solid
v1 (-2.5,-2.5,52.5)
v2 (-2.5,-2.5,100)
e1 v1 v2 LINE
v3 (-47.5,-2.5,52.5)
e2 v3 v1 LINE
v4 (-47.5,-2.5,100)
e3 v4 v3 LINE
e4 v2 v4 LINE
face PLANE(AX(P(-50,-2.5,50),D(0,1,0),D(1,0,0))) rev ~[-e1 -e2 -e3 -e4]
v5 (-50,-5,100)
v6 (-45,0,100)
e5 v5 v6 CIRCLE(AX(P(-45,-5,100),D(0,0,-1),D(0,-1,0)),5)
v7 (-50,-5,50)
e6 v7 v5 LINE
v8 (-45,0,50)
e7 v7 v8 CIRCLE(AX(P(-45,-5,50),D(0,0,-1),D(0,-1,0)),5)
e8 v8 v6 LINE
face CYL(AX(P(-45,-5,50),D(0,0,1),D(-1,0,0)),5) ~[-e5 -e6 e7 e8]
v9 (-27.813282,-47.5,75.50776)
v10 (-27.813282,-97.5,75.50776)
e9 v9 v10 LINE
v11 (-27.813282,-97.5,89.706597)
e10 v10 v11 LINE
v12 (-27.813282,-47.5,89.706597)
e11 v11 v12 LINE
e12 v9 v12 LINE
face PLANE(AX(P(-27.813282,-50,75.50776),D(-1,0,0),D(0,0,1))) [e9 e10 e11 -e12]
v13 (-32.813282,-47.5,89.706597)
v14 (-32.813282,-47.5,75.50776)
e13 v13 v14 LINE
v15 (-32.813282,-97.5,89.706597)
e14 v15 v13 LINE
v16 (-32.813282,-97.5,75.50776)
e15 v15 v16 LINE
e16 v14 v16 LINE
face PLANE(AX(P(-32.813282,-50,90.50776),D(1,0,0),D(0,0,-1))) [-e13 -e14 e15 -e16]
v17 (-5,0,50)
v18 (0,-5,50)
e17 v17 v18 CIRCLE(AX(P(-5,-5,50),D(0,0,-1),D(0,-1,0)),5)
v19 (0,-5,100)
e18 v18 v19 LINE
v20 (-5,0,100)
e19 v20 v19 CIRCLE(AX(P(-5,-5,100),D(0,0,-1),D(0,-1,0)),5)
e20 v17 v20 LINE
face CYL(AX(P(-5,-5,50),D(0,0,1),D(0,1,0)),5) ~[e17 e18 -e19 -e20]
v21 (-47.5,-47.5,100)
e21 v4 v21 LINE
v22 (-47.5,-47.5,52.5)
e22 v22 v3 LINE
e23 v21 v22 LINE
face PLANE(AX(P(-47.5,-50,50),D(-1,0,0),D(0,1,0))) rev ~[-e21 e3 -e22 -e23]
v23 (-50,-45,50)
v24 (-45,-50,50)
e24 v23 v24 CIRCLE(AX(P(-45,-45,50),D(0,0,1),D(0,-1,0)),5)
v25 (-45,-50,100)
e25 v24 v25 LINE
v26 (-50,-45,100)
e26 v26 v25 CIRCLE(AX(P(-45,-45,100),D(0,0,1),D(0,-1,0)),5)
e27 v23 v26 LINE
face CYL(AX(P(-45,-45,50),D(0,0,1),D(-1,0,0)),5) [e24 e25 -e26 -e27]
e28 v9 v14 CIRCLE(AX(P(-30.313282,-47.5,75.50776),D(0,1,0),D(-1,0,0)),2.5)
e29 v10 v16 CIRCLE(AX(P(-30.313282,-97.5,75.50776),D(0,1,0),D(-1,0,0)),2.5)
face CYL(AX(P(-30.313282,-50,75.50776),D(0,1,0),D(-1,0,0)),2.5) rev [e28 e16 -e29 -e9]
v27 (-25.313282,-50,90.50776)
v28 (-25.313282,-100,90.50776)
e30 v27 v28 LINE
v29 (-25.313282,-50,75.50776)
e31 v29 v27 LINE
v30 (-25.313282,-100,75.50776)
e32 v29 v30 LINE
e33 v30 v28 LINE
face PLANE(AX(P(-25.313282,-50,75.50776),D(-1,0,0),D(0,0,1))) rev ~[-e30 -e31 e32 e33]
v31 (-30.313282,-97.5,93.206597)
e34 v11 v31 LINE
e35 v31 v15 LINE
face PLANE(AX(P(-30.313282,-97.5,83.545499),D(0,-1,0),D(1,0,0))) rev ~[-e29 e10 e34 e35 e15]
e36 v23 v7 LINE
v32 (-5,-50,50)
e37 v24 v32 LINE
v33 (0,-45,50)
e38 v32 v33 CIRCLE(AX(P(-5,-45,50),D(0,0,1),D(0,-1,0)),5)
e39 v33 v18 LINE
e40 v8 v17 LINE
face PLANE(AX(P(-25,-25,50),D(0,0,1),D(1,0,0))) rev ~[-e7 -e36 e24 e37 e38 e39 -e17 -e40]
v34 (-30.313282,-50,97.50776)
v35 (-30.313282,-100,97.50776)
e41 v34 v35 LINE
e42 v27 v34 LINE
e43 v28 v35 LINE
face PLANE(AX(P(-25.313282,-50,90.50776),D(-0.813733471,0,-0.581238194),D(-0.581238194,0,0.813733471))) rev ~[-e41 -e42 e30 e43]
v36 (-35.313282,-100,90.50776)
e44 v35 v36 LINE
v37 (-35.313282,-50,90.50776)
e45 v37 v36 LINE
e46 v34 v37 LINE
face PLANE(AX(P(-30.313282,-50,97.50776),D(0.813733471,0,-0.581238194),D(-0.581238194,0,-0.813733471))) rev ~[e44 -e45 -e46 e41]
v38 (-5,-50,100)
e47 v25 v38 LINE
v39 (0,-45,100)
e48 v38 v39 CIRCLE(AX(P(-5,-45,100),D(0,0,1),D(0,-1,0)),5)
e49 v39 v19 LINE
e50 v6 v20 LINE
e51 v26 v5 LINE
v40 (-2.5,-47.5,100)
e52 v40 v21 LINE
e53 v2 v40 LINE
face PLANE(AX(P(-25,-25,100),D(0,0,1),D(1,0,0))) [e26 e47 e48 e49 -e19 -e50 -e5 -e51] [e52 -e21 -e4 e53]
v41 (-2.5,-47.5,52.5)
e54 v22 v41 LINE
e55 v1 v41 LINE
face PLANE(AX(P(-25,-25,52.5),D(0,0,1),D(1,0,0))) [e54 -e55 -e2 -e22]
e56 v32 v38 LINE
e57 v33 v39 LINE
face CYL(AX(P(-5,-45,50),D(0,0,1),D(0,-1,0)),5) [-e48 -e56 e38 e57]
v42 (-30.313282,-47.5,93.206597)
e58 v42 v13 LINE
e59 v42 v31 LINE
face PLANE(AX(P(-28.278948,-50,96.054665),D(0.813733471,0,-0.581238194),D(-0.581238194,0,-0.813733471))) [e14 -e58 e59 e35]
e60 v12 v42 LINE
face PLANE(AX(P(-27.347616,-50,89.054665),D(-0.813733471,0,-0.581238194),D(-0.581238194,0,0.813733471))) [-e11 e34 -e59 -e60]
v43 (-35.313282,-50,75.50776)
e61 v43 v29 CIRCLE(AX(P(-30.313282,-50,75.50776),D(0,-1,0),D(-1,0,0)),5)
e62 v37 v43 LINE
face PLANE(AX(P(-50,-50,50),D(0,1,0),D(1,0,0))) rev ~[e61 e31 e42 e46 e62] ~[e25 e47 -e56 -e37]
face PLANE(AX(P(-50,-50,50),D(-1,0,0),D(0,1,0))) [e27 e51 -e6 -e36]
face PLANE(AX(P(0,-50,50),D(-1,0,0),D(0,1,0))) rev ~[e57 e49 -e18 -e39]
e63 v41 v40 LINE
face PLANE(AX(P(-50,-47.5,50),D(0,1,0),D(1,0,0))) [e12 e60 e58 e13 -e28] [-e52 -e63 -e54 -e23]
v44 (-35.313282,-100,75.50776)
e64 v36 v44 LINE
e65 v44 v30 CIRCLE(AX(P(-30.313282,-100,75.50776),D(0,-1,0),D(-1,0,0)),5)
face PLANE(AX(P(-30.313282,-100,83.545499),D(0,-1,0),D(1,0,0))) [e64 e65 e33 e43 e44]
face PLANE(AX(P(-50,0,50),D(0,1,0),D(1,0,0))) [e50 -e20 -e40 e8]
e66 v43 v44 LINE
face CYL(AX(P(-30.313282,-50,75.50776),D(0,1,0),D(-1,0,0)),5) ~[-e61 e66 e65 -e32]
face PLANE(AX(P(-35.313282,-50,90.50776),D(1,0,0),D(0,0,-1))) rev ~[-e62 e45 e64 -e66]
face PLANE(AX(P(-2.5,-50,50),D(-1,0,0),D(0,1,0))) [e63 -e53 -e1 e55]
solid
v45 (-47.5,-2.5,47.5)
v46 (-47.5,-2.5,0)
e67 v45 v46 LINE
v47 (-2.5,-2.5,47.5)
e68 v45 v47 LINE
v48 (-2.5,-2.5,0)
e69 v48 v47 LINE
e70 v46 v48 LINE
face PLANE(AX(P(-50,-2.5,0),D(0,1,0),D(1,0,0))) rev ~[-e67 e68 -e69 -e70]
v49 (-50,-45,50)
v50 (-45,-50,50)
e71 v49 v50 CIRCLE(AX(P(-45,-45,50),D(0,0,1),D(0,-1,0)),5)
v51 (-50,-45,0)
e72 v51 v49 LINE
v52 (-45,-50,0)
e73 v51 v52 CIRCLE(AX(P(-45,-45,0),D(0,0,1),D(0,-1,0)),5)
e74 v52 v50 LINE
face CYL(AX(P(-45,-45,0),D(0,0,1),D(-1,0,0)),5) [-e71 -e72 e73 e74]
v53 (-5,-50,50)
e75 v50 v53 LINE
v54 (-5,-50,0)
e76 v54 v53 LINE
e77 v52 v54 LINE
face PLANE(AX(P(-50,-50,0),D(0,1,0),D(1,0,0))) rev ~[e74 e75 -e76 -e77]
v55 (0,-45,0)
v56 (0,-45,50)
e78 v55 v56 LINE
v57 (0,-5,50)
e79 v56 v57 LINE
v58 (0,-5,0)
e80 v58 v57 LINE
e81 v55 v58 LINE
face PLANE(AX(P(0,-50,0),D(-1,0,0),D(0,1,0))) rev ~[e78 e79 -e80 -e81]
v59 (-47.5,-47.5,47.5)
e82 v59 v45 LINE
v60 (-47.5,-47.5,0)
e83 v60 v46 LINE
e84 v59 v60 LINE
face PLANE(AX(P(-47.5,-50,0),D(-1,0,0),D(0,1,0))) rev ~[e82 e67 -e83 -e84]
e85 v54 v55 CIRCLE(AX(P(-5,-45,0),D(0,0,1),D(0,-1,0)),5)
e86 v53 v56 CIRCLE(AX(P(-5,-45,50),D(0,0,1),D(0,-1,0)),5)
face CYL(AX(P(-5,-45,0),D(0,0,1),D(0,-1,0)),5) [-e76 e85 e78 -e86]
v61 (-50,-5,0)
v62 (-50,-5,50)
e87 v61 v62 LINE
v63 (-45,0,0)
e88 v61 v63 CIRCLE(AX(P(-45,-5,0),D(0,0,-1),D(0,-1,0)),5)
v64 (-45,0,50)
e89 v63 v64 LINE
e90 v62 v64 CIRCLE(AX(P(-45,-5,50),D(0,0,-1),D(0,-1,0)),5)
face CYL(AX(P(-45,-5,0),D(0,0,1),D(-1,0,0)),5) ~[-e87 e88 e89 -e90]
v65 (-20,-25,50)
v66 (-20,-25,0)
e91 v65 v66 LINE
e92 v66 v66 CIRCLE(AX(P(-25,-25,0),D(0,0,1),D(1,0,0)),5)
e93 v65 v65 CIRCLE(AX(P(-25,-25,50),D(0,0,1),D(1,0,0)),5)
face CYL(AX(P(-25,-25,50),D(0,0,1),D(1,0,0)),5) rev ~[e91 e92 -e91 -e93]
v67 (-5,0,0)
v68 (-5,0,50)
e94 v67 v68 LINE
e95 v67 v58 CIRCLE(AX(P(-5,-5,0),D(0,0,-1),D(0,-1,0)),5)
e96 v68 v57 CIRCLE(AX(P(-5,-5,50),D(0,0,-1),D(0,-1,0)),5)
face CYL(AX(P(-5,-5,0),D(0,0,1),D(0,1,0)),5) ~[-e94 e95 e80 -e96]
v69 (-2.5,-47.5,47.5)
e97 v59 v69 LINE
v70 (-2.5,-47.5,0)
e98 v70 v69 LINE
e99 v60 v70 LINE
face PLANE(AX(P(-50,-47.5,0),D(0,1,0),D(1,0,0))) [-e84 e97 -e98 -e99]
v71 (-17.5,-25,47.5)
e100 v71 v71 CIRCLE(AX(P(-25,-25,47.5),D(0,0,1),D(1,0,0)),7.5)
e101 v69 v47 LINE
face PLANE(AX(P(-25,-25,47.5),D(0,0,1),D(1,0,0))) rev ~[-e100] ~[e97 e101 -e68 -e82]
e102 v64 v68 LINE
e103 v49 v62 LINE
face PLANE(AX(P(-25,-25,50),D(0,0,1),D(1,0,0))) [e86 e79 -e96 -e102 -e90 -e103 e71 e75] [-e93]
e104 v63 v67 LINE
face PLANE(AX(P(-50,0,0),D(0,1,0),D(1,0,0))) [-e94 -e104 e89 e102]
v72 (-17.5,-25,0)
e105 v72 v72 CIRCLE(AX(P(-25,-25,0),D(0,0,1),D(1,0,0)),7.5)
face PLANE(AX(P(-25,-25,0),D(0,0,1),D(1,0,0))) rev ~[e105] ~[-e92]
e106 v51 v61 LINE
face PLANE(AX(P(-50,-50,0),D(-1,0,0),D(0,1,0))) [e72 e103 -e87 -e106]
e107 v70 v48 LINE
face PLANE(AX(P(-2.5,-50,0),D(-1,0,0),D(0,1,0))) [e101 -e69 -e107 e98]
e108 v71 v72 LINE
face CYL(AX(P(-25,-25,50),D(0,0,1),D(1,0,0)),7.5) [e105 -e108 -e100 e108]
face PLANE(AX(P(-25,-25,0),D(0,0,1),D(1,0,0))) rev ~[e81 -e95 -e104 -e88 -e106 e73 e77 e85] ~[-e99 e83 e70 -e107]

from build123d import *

# Parameters (mm, degrees)
F0_W     = 50
F0_H     = 50
F1_DEPTH = 50
F2_R     = 5
F3_DEPTH = 50
F4_W     = 50
F4_H     = 50
F5_DEPTH = 50
F7_DEPTH = 50
F8_T     = -2.5
F9_R     = 5
F10_T    = -2.5
F11_R    = 5


with BuildPart() as f1:
    # F0 (on Top) → F1 (new body)
    with BuildSketch(Plane.XY):
        with Locations((-25, -25)):
            Rectangle(F0_W, F0_H)
    extrude(amount=F1_DEPTH)

    # F2 (on face) → F3 (cut)
    with BuildSketch(Plane.XY.offset(50)):
        with Locations((-25, -25)):
            Circle(F2_R)
    extrude(amount=-F3_DEPTH, mode=Mode.SUBTRACT)

    # F8
    f8_openings = [f1.faces().sort_by_distance(p)[0] for p in [
        (-25, -0.707107, 0),
    ]]
    offset(amount=F8_T, openings=f8_openings)

    # F9
    f9_edges = [f1.edges().sort_by_distance(p)[0] for p in [
        (-50, -50, 25),
        (-50, 0, 25),
        (0, -50, 25),
        (0, 0, 25),
    ]]
    fillet(f9_edges, radius=F9_R)


with BuildPart() as f5:
    # F4 (on face) → F5 (new body)
    with BuildSketch(Plane.XY.offset(50)):
        with Locations((-25, -25)):
            Rectangle(F4_W, F4_H)
    extrude(amount=F5_DEPTH)

    # F6 (on face) → F7 (join)
    with BuildSketch(Plane.XZ.offset(50)):
        with BuildLine():
            Line((-30.313282162, 97.5077600479), (-35.313282162, 90.5077600479))
            Line((-35.313282162, 90.5077600479), (-35.313282162, 75.5077600479))
            ThreePointArc((-35.313282162, 75.5077600479), (-30.313282162, 70.5077600479), (-25.313282162, 75.5077600479))
            Line((-25.313282162, 75.5077600479), (-25.313282162, 90.5077600479))
            Line((-25.313282162, 90.5077600479), (-30.313282162, 97.5077600479))
        make_face()
    extrude(amount=F7_DEPTH)

    # F10
    f10_openings = [f5.faces().sort_by_distance(p)[0] for p in [
        (-25, -25, 100),
    ]]
    offset(amount=F10_T, openings=f10_openings, kind=Kind.INTERSECTION)

    # F11
    f11_edges = [f5.edges().sort_by_distance(p)[0] for p in [
        (-50, 0, 75),
        (-50, -50, 75),
        (0, 0, 75),
        (0, -50, 75),
    ]]
    fillet(f11_edges, radius=F11_R)


solid = Compound([f1.part, f5.part])
